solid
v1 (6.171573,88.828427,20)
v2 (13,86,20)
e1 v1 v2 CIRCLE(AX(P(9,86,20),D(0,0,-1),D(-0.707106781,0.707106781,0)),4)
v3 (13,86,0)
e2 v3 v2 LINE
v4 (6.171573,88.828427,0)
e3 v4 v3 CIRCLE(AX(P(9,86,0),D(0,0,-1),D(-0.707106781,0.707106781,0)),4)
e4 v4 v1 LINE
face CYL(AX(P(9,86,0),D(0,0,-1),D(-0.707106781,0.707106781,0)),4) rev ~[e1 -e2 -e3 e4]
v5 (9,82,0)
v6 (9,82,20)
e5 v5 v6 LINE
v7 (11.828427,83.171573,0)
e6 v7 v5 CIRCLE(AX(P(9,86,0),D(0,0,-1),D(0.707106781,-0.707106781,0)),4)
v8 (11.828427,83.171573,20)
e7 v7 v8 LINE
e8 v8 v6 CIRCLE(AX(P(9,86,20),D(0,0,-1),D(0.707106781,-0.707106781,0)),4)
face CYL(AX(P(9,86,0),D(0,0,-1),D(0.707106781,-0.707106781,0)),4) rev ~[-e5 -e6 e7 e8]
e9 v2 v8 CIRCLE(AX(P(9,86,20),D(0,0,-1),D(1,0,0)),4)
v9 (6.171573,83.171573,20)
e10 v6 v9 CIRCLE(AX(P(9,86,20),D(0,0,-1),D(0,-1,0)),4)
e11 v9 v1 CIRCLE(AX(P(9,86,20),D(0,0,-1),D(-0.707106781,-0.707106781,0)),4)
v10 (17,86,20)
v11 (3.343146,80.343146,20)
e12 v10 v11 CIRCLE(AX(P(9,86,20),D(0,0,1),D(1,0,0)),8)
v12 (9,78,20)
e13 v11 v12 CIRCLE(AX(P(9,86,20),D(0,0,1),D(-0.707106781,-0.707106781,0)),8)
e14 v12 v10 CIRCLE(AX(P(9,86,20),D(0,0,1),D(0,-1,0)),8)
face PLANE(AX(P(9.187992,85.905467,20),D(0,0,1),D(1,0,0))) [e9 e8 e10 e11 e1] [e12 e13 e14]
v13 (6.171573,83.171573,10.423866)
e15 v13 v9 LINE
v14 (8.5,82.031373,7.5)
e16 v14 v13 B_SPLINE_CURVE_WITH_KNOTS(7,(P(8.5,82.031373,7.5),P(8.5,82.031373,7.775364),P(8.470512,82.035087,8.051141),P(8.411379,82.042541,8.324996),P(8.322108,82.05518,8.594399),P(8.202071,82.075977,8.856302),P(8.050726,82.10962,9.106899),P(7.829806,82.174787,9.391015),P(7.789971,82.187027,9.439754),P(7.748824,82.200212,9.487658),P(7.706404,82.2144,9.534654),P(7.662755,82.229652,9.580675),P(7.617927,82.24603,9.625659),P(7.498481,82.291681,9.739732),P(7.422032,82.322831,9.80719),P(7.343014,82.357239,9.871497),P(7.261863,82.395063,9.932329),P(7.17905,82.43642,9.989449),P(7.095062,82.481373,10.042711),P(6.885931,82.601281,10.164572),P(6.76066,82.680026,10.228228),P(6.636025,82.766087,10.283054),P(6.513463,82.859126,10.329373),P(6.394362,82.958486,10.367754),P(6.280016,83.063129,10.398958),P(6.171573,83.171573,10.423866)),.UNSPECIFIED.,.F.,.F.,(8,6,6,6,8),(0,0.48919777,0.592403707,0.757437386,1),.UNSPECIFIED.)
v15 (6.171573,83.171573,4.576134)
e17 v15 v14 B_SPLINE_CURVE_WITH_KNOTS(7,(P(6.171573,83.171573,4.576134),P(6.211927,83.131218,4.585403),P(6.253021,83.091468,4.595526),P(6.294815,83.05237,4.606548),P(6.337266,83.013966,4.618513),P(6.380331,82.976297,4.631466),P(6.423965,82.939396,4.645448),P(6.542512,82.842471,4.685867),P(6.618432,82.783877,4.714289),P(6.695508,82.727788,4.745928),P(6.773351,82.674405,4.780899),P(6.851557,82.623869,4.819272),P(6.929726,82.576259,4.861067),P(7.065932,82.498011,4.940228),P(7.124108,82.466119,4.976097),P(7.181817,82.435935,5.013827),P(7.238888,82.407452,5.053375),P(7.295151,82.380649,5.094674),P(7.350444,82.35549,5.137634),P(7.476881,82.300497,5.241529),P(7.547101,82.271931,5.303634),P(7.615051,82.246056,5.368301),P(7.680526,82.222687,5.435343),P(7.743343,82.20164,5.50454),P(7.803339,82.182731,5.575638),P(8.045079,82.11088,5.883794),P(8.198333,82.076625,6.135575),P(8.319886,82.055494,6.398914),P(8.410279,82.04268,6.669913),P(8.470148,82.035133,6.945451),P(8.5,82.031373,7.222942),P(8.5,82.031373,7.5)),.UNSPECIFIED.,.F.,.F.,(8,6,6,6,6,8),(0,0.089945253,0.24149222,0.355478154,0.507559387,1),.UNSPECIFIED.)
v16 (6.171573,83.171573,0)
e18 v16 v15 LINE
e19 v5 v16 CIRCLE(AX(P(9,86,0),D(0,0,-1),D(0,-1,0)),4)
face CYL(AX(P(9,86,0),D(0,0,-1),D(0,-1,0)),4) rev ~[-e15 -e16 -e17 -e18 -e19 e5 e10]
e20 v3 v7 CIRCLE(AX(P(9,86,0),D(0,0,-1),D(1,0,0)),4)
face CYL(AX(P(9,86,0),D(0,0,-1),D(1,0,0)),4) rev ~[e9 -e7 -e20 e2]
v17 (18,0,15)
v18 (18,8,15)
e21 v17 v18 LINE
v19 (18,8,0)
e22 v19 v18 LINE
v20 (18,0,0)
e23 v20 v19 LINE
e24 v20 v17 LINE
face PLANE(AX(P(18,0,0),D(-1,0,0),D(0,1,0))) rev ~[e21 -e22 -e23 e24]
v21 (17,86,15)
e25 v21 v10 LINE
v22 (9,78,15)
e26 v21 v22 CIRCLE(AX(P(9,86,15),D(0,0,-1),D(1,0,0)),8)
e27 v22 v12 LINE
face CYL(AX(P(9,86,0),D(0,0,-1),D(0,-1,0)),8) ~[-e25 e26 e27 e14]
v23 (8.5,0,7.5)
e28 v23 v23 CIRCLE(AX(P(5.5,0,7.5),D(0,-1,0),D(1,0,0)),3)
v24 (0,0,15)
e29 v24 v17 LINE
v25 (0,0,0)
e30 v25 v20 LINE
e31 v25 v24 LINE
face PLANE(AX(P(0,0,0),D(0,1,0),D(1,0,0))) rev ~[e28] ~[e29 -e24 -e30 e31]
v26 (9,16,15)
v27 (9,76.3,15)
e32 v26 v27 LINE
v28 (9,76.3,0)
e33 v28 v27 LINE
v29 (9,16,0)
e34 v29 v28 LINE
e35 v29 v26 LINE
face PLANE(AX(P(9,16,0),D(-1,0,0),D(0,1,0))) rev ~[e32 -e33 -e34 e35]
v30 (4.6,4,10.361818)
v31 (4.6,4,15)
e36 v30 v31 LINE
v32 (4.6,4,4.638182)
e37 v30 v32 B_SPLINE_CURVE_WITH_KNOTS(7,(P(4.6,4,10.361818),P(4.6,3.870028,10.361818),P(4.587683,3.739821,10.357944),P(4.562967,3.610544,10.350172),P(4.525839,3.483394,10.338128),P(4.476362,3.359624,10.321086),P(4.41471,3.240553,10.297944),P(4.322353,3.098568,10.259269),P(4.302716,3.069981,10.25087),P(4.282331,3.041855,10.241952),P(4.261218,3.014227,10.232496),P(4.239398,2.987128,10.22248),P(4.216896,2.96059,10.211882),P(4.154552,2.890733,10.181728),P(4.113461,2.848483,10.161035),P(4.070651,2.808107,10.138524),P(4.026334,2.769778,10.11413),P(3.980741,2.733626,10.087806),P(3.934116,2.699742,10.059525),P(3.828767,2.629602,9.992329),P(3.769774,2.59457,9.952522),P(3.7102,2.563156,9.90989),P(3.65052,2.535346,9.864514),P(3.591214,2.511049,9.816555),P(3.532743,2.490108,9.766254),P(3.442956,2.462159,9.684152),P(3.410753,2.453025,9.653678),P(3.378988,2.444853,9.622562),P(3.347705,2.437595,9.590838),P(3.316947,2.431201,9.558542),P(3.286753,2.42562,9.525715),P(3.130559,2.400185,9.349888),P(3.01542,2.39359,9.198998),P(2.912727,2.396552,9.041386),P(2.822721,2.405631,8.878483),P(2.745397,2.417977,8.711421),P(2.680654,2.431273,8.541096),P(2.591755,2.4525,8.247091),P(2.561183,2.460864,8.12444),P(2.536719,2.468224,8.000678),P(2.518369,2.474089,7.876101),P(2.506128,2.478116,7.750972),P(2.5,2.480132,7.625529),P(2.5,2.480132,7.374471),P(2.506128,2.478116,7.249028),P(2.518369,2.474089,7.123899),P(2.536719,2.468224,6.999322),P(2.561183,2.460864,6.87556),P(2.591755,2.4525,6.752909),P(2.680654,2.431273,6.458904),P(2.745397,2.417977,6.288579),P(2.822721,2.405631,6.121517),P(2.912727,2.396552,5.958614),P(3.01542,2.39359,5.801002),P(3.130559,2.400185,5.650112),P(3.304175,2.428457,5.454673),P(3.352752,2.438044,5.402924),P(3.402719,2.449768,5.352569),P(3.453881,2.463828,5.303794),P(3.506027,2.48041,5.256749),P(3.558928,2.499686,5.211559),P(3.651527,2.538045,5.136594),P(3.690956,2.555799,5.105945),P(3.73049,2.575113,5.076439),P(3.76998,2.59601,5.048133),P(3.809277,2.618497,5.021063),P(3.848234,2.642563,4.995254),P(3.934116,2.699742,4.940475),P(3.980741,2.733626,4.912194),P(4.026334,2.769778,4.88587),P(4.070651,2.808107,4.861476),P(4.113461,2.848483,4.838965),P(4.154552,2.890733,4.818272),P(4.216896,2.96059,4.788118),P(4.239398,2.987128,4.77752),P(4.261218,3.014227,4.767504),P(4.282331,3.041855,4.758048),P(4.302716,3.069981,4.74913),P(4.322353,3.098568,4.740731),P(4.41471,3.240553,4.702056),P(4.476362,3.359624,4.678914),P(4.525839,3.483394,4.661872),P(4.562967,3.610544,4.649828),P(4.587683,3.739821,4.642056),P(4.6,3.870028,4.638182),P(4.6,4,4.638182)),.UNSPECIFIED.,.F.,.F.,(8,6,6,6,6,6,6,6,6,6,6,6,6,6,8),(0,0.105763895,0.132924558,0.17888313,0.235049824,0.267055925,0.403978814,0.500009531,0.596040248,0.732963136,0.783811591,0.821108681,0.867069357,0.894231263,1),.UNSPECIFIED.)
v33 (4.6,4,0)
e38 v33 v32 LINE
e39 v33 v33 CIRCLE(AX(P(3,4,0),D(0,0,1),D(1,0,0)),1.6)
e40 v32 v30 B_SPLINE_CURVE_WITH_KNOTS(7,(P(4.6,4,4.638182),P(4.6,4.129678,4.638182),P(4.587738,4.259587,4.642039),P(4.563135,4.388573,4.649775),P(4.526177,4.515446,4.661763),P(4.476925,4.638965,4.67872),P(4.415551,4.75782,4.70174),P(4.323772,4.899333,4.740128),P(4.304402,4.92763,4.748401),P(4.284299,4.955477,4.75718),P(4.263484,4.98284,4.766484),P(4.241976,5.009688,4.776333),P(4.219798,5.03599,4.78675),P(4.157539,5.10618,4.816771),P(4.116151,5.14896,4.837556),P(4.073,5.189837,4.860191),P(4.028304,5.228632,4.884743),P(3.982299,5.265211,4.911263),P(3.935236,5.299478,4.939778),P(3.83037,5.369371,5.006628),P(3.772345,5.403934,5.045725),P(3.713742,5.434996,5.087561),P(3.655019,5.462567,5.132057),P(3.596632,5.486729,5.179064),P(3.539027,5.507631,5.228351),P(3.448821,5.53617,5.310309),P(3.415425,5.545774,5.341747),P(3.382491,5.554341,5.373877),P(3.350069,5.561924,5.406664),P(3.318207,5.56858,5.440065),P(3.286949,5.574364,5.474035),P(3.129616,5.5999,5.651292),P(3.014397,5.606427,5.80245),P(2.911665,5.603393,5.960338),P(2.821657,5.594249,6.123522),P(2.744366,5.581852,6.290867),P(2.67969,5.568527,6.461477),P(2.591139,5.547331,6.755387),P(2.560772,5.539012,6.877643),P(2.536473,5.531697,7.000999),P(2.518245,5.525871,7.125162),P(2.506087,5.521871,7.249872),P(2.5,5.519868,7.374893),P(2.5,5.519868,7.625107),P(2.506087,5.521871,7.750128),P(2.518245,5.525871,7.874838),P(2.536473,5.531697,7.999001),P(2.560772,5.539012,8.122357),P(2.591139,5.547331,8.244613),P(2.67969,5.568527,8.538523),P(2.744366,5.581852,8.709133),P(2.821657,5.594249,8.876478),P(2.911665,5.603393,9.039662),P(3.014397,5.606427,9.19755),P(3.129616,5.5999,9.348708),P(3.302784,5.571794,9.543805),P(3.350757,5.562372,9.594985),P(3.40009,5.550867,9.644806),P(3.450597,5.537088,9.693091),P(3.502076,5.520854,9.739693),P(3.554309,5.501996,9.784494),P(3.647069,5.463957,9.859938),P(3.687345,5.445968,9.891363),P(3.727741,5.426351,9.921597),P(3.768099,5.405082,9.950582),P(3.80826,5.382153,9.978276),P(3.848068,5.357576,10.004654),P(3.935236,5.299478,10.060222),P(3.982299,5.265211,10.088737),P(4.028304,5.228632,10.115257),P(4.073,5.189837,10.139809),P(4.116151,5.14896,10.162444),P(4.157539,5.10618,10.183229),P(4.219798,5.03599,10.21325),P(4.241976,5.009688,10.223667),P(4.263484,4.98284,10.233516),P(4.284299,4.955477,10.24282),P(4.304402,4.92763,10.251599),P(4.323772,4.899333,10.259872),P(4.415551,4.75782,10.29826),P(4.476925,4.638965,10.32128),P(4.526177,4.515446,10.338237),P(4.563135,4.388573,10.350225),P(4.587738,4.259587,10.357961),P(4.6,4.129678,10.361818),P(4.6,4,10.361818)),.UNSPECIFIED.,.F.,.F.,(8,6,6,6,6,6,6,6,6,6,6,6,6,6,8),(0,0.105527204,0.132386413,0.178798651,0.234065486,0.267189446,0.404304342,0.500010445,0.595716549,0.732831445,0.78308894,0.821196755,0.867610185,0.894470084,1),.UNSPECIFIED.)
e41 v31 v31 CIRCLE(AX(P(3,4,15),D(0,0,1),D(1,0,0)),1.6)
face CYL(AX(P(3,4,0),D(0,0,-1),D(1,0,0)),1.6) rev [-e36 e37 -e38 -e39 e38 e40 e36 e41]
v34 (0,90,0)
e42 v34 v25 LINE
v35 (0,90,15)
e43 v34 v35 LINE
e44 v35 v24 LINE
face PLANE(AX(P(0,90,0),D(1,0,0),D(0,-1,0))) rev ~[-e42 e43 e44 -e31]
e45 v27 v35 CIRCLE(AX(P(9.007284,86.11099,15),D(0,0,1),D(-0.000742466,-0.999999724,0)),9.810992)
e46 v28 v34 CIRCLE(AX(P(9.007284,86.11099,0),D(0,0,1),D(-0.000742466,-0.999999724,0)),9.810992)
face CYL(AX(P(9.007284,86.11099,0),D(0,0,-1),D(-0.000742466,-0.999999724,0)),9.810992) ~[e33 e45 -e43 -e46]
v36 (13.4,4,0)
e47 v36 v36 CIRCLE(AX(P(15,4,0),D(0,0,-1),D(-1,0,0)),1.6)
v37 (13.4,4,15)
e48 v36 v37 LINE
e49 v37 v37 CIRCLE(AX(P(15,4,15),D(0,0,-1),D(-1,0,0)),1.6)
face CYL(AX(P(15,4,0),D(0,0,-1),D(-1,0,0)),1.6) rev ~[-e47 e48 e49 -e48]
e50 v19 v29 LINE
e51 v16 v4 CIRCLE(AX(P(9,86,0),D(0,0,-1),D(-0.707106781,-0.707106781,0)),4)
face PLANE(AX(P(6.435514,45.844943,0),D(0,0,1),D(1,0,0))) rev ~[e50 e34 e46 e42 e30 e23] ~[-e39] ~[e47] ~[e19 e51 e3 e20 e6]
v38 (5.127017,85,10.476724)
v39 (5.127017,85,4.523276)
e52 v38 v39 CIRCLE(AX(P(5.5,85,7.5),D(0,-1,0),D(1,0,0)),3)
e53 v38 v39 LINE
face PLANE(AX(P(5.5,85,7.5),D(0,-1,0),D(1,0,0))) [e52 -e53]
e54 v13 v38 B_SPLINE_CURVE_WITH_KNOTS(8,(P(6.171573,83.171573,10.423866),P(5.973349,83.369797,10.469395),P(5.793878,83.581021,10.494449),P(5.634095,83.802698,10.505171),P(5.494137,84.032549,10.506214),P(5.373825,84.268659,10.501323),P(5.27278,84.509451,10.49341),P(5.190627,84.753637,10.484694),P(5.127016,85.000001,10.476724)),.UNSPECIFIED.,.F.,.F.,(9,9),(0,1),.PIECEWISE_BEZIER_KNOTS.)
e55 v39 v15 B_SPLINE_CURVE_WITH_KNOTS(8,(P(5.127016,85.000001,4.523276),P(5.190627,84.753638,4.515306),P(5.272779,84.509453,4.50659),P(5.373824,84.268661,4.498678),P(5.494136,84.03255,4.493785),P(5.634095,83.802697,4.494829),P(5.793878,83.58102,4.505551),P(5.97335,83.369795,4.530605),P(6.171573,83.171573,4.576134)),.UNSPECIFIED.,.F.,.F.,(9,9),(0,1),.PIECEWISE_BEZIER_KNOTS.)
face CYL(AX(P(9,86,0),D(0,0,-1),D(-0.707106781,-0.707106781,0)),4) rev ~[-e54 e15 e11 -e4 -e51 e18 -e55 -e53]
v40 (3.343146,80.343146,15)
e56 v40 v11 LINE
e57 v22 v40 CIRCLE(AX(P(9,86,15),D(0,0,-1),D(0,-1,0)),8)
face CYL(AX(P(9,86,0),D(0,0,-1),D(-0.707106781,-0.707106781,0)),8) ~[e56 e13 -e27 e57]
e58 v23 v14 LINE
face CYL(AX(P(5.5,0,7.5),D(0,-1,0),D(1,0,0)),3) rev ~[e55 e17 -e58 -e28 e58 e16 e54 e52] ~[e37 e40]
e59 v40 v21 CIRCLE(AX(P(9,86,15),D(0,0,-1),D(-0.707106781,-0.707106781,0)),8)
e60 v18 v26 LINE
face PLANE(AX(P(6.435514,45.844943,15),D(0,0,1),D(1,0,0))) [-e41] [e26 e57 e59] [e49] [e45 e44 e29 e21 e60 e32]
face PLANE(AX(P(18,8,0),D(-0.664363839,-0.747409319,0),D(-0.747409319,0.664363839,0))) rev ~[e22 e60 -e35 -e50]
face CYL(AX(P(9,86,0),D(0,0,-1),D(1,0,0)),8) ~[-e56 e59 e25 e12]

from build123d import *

# Parameters (mm, degrees)
F1_DEPTH = 20
F0_R     = 1.6
F2_DEPTH = 15
F4_R     = 3
F5_DEPTH = 85


with BuildPart() as f1:
    # F0 (on Top) → F1 (new body)
    with BuildSketch(Plane.XY):
        with BuildLine():
            Line((9, 82), (9, 78))
            ThreePointArc((9, 78), (14.6568542495, 80.3431457505), (17, 86))
            ThreePointArc((17, 86), (5.9385325411, 93.3910362601), (3.3431457505, 80.3431457505))
            Line((3.3431457505, 80.3431457505), (6.1715728753, 83.1715728753))
            ThreePointArc((6.1715728753, 83.1715728753), (5, 86), (6.1715728753, 88.8284271247))
            ThreePointArc((6.1715728753, 88.8284271247), (10.5307337295, 89.69551813), (13, 86))
            ThreePointArc((13, 86), (12.69551813, 84.4692662705), (11.8284271247, 83.1715728753))
            ThreePointArc((11.8284271247, 83.1715728753), (10.5307337295, 82.30448187), (9, 82))
        make_face()
        with BuildLine():
            ThreePointArc((3.3431457505, 80.3431457505), (5.9385325411, 78.6089637399), (9, 78))
            Line((9, 78), (9, 82))
            ThreePointArc((9, 82), (7.4692662705, 82.30448187), (6.1715728753, 83.1715728753))
            Line((6.1715728753, 83.1715728753), (3.3431457505, 80.3431457505))
        make_face()
    extrude(amount=F1_DEPTH)

    # F0 (on Top) → F2 (join)
    with BuildSketch(Plane.XY):
        with BuildLine():
            ThreePointArc((9, 76.3), (17.2071692051, 91.4977753902), (0, 90))
            Line((0, 90), (0, 0))
            Line((0, 0), (18, 0))
            Line((18, 0), (18, 8))
            Line((18, 8), (9, 16))
            Line((9, 16), (9, 46))
            Line((9, 46), (9, 76.3))
        make_face()
        with Locations((3, 4)):
            Circle(F0_R, mode=Mode.SUBTRACT)
        with BuildLine():
            ThreePointArc((16.6, 4), (15, 2.4), (13.4, 4))
            ThreePointArc((13.4, 4), (15, 5.6), (16.6, 4))
        make_face(mode=Mode.SUBTRACT)
        with BuildLine():
            ThreePointArc((17, 86), (14.6568542495, 80.3431457505), (9, 78))
            ThreePointArc((9, 78), (5.9385325411, 78.6089637399), (3.3431457505, 80.3431457505))
            ThreePointArc((3.3431457505, 80.3431457505), (5.9385325411, 93.3910362601), (17, 86))
        make_face(mode=Mode.SUBTRACT)
    extrude(amount=F2_DEPTH)

    # F4 (on face) → F5 (cut)
    with BuildSketch(Plane.XZ):
        with Locations((5.5, 7.5)):
            Circle(F4_R)
    extrude(amount=-F5_DEPTH, mode=Mode.SUBTRACT)


solid = f1.part
